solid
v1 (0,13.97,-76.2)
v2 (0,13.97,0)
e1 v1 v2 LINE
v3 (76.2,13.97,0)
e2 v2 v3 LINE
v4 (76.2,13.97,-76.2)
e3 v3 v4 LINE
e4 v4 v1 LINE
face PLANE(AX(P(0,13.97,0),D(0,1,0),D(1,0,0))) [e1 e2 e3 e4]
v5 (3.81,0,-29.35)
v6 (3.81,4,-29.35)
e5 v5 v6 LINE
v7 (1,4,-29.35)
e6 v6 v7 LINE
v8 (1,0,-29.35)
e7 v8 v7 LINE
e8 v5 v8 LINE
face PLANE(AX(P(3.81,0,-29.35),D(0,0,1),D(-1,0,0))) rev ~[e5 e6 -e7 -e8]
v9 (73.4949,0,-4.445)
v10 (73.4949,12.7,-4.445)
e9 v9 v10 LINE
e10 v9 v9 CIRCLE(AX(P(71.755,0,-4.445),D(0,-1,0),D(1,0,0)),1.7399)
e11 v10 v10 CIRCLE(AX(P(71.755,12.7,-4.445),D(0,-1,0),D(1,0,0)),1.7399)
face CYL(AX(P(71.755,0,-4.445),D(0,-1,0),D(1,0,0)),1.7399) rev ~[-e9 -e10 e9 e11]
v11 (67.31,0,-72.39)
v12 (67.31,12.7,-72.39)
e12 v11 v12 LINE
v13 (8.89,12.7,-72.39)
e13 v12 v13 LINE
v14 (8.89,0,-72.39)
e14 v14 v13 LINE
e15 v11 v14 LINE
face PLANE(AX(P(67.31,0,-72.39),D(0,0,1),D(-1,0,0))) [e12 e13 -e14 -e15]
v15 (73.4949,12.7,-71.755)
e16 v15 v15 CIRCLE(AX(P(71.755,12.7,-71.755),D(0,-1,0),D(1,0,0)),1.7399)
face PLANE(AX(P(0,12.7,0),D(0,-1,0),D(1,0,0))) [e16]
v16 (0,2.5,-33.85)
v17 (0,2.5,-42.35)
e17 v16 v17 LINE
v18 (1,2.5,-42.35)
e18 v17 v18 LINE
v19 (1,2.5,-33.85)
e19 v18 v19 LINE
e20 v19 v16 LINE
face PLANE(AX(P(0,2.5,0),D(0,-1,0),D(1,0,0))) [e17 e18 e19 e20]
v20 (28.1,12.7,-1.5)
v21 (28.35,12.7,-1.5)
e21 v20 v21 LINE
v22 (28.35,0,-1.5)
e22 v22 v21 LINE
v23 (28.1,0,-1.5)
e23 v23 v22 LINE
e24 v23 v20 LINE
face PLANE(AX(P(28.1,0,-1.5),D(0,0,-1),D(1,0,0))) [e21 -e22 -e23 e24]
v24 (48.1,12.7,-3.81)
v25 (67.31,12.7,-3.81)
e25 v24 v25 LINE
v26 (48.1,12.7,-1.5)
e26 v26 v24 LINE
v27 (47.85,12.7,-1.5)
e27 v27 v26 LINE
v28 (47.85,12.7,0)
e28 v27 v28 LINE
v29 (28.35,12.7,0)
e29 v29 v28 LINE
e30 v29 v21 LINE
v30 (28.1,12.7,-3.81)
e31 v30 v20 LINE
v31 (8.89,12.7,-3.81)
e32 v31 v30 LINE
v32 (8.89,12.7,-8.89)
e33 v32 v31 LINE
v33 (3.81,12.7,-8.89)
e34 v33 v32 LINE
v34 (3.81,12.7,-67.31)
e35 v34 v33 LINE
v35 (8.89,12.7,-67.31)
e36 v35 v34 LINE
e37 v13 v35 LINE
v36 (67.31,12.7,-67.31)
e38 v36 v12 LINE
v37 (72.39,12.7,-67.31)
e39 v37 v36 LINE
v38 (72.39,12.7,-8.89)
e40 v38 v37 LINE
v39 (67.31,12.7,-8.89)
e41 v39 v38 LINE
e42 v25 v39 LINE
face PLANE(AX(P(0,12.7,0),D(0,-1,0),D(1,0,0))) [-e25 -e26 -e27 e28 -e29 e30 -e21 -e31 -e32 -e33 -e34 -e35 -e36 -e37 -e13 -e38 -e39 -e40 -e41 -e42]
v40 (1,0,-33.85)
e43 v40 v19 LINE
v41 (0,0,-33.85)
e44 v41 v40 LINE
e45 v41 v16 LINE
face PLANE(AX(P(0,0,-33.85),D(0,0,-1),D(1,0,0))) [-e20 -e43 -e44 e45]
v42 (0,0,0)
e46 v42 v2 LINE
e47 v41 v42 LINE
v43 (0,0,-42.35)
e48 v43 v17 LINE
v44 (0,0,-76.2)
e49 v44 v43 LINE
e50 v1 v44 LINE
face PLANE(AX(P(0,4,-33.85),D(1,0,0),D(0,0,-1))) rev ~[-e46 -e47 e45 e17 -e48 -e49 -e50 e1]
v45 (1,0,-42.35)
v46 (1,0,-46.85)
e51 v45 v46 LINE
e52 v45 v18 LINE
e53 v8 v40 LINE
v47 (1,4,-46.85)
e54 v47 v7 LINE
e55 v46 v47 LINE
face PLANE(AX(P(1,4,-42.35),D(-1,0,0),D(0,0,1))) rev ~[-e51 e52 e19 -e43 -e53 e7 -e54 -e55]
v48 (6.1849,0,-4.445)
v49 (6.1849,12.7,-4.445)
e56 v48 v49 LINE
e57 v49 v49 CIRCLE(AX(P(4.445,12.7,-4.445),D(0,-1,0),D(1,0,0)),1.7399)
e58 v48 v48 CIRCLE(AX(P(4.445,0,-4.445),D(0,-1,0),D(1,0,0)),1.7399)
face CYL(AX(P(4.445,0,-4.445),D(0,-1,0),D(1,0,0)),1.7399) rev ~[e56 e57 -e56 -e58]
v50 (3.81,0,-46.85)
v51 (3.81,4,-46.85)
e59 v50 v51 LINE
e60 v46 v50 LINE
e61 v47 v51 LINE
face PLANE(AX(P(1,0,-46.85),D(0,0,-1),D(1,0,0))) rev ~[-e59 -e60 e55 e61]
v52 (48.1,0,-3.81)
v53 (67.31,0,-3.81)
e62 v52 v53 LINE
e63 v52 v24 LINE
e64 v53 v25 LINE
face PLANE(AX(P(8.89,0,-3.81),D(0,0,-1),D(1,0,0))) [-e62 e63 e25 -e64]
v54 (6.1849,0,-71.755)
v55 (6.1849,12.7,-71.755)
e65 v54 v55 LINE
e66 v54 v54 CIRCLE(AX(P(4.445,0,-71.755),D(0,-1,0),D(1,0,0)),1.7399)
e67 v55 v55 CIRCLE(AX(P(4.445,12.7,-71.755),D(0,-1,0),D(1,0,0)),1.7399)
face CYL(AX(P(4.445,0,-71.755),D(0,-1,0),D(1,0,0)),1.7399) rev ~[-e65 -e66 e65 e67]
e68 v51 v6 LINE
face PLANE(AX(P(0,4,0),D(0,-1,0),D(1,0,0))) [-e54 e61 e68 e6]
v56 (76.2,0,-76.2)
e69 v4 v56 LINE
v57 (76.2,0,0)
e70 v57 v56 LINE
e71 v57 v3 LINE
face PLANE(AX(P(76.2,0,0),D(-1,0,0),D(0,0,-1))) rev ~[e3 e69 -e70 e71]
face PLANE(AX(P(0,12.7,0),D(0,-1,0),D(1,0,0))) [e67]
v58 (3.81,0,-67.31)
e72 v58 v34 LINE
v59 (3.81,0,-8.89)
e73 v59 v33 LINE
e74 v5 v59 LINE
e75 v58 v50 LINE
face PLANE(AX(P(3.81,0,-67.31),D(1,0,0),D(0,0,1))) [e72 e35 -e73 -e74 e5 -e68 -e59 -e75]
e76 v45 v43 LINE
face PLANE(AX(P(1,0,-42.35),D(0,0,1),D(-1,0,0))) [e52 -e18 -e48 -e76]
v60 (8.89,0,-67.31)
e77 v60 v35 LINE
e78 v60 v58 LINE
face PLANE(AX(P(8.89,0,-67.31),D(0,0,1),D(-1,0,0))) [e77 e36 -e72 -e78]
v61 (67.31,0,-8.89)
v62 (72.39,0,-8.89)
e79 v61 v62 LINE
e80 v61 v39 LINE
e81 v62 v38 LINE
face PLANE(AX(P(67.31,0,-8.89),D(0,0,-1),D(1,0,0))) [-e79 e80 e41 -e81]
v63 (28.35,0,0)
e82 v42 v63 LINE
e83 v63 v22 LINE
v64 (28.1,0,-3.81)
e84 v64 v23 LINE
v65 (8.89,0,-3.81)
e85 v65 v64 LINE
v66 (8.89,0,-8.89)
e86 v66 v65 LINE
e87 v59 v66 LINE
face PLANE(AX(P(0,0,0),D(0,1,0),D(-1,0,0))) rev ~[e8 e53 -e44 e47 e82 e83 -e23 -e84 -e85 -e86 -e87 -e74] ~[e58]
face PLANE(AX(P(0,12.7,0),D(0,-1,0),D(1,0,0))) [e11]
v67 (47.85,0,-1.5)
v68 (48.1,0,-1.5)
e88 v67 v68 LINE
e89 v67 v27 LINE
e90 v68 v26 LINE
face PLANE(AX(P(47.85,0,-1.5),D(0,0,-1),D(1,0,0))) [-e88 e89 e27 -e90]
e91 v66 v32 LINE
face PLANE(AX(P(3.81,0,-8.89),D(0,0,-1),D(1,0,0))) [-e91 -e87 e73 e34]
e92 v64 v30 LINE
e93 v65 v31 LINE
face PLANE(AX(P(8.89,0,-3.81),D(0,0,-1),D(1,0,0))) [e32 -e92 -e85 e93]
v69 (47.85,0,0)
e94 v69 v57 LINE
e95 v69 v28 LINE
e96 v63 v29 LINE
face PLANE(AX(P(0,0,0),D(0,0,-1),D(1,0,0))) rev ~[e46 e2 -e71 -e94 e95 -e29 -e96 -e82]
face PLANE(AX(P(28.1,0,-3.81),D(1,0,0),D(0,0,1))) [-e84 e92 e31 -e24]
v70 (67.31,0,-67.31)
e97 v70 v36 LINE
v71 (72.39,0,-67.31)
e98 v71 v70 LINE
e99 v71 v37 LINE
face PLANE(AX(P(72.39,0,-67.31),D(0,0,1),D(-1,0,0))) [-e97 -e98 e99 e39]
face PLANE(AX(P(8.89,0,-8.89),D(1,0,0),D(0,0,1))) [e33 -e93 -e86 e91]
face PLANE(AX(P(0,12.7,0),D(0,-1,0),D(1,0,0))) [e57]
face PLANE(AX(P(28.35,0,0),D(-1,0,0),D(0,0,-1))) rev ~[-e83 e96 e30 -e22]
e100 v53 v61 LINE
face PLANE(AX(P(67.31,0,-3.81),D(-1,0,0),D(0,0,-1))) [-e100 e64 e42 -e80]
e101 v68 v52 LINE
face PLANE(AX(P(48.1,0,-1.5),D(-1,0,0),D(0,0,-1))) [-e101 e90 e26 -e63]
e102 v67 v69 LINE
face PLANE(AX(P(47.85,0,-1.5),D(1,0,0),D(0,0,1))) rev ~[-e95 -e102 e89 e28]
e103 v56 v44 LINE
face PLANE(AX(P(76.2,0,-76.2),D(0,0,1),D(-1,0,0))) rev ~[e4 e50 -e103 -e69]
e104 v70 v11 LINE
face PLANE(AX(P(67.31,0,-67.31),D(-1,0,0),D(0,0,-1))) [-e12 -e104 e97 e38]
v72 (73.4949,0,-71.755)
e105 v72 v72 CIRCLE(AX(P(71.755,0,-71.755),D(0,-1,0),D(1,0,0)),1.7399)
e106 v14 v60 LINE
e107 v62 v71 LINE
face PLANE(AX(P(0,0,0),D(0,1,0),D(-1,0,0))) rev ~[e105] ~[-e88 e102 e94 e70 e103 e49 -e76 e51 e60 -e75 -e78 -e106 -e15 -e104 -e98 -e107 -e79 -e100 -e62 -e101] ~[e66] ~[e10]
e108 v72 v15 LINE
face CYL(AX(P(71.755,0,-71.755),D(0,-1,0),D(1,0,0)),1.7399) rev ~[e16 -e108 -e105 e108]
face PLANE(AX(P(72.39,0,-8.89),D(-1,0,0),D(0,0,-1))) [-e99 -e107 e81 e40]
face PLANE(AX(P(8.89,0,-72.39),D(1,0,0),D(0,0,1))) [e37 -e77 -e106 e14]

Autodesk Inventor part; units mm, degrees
ref_plane "YZ Plane" through (0, 0, 0) normal (1, 0, 0) x (0, 1, 0)
ref_plane "XZ Plane" through (0, 0, 0) normal (0, 1, 0) x (-1, 0, 0)
ref_plane "XY Plane" through (0, 0, 0) normal (0, 0, 1) x (1, 0, 0)
sketch "Sketch1" plane through (0, 0, 0) normal (0, 1, 0) x (-1, 0, 0)
  line L0 (0, 0) -> (-76.2, 0)
  line L1 (-76.2, 0) -> (-76.2, -76.2)
  line L2 (-76.2, -76.2) -> (0, -76.2)
  line L3 (0, -76.2) -> (0, 0)
  line L4 (-8.89, -8.89) -> (-67.31, -8.89)
  line L5 (-67.31, -8.89) -> (-67.31, -67.31)
  line L6 (-67.31, -67.31) -> (-8.89, -67.31)
  line L7 (-8.89, -67.31) -> (-8.89, -8.89)
  line L8 (-8.89, -8.89) -> (-67.31, -67.31) construction
  line L9 (-67.31, -8.89) -> (-8.89, -67.31) construction
  point P0 (-38.1, -38.1)
  dimension "d0" = 76.2
  dimension "d1" = 76.2
  dimension "d2" = 58.42
  dimension "d3" = 58.42
extrude "Extrusion1" add sketch "Sketch1" along normal blind 12.7
sketch "Sketch2" plane through (0, 12.7, 0) normal (0, 1, 0) x (1, 0, 0)
  line L0 (0, 76.2) -> (0, 0) projected
  line L1 (76.2, 0) -> (76.2, 76.2) projected
  line L2 (0, 0) -> (76.2, 0)
  line L3 (76.2, 0) -> (76.2, 76.2)
  line L4 (76.2, 76.2) -> (0, 76.2)
  line L5 (0, 76.2) -> (0, 0)
extrude "Extrusion2" add sketch "Sketch2" along normal blind 1.27
sketch "Sketch3" plane through (0, 0, 0) normal (0, -1, 0) x (1, 0, 0)
  line L0 (67.31, -67.31) -> (67.31, -8.89) construction
  line L1 (76.2, 0) -> (76.2, -76.2) construction
  line L2 (67.31, -8.89) -> (76.2, 0) construction
  line L3 (67.31, -67.31) -> (76.2, -76.2) construction
  line L4 (8.89, -67.31) -> (0, -76.2) construction
  line L5 (8.89, -8.89) -> (8.89, -67.31) construction
  line L6 (8.89, -8.89) -> (0, 0) construction
  circle A0 centre (71.755, -4.445) radius 1.7399
  circle A1 centre (71.755, -71.755) radius 1.7399
  circle A2 centre (4.445, -4.445) radius 1.7399
  circle A3 centre (4.445, -71.755) radius 1.7399
  dimension "d8" = 3.4798
  dimension "d9" = 3.4798
  dimension "d10" = 3.4798
  dimension "d11" = 3.4798
extrude "Extrusion3" cut sketch "Sketch3" against normal blind 12.7
sketch "Sketch4" plane through (0, 0, 0) normal (0, -1, 0) x (1, 0, 0)
  line L0 (67.31, -67.31) -> (67.31, -8.89) projected
  line L1 (67.31, -8.89) -> (72.39, -8.89)
  line L2 (72.39, -8.89) -> (72.39, -67.31)
  line L3 (72.39, -67.31) -> (67.31, -67.31)
  line L4 (67.31, -67.31) -> (67.31, -8.89)
  circle A0 centre (38.1, -38.1) radius 2.0553 construction
  line L5 (8.89, -3.81) -> (67.31, -3.81)
  line L6 (8.89, -8.89) -> (8.89, -3.81)
  line L7 (67.31, -8.89) -> (8.89, -8.89)
  line L8 (67.31, -3.81) -> (67.31, -8.89)
  line L9 (3.81, -67.31) -> (3.81, -8.89)
  line L10 (8.89, -67.31) -> (3.81, -67.31)
  line L11 (8.89, -8.89) -> (8.89, -67.31)
  line L12 (3.81, -8.89) -> (8.89, -8.89)
  line L13 (67.31, -72.39) -> (8.89, -72.39)
  line L14 (67.31, -67.31) -> (67.31, -72.39)
  line L15 (8.89, -67.31) -> (67.31, -67.31)
  line L16 (8.89, -72.39) -> (8.89, -67.31)
  point P0 (0, 0)
  dimension "d14" = 5.08
  dimension "d17" = 360
extrude "Extrusion4" cut sketch "Sketch4" against normal blind 12.7 contours L0 L1 L2 L3 | L14 L13 L16 L15 | L7 L6 L5 L8 | L10 L9 L12 L11
sketch "Sketch5" plane through (0, 0, 0) normal (0, -1, 0) x (1, 0, 0)
  line L0 (0, 0) -> (76.2, 0) projected
  line L1 (47.85, 0) -> (28.35, 0)
  line L2 (28.35, 0) -> (28.35, -1.5)
  line L3 (28.35, -1.5) -> (38.1, -1.5)
  line L4 (47.85, -1.5) -> (47.85, 0)
  line L5 (8.89, -3.81) -> (67.31, -3.81) construction
  line L6 (38.1, -3.81) -> (38.1, 0) construction
  line L7 (48.1, -3.81) -> (28.1, -3.81)
  line L8 (28.1, -3.81) -> (28.1, -1.5)
  line L9 (48.1, -1.5) -> (48.1, -3.81)
  line L10 (28.1, -1.5) -> (38.1, -1.5)
  line L11 (47.85, -1.5) -> (48.1, -1.5)
  point P0 (28.35, 0)
  dimension "d21" = 19.5
  dimension "d22" = 1.5
  dimension "d23" = 20
extrude "Extrusion5" cut sketch "Sketch5" against normal blind 12.7
sketch "Sketch6" plane through (0, 0, 0) normal (0, -1, 0) x (1, 0, 0)
  line L0 (0, -76.2) -> (0, 0) projected
  line L1 (0, -33.85) -> (1, -33.85)
  line L2 (1, -33.85) -> (1, -42.35)
  line L3 (1, -42.35) -> (0, -42.35)
  line L4 (0, -42.35) -> (0, -33.85)
  line L5 (3.81, -67.31) -> (3.81, -8.89) construction
  line L6 (3.81, -38.1) -> (0, -38.1) construction
  line L7 (3.81, -29.35) -> (1, -29.35)
  line L8 (1, -29.35) -> (1, -46.85)
  line L9 (1, -46.85) -> (3.81, -46.85)
  line L10 (3.81, -46.85) -> (3.81, -29.35)
  dimension "d26" = 1
  dimension "d27" = 8.5
  dimension "d28" = 17.5
extrude "Extrusion6" cut sketch "Sketch6" against normal blind 4
sketch "Sketch7" plane through (0, 4, 0) normal (0, -1, 0) x (1, 0, 0)
  line L0 (1, -33.85) -> (1, -29.35) projected
  line L1 (0, -76.2) -> (0, -42.35) projected
  line L2 (1, -33.85) -> (0, -33.85)
  line L3 (0, -33.85) -> (0, -42.35)
  line L4 (0, -42.35) -> (1, -42.35)
  line L5 (1, -42.35) -> (1, -33.85)
  point P0 (0, 0)
extrude "Extrusion7" add sketch "Sketch7" along normal blind 1.5
properties part number "keypad cover good"
